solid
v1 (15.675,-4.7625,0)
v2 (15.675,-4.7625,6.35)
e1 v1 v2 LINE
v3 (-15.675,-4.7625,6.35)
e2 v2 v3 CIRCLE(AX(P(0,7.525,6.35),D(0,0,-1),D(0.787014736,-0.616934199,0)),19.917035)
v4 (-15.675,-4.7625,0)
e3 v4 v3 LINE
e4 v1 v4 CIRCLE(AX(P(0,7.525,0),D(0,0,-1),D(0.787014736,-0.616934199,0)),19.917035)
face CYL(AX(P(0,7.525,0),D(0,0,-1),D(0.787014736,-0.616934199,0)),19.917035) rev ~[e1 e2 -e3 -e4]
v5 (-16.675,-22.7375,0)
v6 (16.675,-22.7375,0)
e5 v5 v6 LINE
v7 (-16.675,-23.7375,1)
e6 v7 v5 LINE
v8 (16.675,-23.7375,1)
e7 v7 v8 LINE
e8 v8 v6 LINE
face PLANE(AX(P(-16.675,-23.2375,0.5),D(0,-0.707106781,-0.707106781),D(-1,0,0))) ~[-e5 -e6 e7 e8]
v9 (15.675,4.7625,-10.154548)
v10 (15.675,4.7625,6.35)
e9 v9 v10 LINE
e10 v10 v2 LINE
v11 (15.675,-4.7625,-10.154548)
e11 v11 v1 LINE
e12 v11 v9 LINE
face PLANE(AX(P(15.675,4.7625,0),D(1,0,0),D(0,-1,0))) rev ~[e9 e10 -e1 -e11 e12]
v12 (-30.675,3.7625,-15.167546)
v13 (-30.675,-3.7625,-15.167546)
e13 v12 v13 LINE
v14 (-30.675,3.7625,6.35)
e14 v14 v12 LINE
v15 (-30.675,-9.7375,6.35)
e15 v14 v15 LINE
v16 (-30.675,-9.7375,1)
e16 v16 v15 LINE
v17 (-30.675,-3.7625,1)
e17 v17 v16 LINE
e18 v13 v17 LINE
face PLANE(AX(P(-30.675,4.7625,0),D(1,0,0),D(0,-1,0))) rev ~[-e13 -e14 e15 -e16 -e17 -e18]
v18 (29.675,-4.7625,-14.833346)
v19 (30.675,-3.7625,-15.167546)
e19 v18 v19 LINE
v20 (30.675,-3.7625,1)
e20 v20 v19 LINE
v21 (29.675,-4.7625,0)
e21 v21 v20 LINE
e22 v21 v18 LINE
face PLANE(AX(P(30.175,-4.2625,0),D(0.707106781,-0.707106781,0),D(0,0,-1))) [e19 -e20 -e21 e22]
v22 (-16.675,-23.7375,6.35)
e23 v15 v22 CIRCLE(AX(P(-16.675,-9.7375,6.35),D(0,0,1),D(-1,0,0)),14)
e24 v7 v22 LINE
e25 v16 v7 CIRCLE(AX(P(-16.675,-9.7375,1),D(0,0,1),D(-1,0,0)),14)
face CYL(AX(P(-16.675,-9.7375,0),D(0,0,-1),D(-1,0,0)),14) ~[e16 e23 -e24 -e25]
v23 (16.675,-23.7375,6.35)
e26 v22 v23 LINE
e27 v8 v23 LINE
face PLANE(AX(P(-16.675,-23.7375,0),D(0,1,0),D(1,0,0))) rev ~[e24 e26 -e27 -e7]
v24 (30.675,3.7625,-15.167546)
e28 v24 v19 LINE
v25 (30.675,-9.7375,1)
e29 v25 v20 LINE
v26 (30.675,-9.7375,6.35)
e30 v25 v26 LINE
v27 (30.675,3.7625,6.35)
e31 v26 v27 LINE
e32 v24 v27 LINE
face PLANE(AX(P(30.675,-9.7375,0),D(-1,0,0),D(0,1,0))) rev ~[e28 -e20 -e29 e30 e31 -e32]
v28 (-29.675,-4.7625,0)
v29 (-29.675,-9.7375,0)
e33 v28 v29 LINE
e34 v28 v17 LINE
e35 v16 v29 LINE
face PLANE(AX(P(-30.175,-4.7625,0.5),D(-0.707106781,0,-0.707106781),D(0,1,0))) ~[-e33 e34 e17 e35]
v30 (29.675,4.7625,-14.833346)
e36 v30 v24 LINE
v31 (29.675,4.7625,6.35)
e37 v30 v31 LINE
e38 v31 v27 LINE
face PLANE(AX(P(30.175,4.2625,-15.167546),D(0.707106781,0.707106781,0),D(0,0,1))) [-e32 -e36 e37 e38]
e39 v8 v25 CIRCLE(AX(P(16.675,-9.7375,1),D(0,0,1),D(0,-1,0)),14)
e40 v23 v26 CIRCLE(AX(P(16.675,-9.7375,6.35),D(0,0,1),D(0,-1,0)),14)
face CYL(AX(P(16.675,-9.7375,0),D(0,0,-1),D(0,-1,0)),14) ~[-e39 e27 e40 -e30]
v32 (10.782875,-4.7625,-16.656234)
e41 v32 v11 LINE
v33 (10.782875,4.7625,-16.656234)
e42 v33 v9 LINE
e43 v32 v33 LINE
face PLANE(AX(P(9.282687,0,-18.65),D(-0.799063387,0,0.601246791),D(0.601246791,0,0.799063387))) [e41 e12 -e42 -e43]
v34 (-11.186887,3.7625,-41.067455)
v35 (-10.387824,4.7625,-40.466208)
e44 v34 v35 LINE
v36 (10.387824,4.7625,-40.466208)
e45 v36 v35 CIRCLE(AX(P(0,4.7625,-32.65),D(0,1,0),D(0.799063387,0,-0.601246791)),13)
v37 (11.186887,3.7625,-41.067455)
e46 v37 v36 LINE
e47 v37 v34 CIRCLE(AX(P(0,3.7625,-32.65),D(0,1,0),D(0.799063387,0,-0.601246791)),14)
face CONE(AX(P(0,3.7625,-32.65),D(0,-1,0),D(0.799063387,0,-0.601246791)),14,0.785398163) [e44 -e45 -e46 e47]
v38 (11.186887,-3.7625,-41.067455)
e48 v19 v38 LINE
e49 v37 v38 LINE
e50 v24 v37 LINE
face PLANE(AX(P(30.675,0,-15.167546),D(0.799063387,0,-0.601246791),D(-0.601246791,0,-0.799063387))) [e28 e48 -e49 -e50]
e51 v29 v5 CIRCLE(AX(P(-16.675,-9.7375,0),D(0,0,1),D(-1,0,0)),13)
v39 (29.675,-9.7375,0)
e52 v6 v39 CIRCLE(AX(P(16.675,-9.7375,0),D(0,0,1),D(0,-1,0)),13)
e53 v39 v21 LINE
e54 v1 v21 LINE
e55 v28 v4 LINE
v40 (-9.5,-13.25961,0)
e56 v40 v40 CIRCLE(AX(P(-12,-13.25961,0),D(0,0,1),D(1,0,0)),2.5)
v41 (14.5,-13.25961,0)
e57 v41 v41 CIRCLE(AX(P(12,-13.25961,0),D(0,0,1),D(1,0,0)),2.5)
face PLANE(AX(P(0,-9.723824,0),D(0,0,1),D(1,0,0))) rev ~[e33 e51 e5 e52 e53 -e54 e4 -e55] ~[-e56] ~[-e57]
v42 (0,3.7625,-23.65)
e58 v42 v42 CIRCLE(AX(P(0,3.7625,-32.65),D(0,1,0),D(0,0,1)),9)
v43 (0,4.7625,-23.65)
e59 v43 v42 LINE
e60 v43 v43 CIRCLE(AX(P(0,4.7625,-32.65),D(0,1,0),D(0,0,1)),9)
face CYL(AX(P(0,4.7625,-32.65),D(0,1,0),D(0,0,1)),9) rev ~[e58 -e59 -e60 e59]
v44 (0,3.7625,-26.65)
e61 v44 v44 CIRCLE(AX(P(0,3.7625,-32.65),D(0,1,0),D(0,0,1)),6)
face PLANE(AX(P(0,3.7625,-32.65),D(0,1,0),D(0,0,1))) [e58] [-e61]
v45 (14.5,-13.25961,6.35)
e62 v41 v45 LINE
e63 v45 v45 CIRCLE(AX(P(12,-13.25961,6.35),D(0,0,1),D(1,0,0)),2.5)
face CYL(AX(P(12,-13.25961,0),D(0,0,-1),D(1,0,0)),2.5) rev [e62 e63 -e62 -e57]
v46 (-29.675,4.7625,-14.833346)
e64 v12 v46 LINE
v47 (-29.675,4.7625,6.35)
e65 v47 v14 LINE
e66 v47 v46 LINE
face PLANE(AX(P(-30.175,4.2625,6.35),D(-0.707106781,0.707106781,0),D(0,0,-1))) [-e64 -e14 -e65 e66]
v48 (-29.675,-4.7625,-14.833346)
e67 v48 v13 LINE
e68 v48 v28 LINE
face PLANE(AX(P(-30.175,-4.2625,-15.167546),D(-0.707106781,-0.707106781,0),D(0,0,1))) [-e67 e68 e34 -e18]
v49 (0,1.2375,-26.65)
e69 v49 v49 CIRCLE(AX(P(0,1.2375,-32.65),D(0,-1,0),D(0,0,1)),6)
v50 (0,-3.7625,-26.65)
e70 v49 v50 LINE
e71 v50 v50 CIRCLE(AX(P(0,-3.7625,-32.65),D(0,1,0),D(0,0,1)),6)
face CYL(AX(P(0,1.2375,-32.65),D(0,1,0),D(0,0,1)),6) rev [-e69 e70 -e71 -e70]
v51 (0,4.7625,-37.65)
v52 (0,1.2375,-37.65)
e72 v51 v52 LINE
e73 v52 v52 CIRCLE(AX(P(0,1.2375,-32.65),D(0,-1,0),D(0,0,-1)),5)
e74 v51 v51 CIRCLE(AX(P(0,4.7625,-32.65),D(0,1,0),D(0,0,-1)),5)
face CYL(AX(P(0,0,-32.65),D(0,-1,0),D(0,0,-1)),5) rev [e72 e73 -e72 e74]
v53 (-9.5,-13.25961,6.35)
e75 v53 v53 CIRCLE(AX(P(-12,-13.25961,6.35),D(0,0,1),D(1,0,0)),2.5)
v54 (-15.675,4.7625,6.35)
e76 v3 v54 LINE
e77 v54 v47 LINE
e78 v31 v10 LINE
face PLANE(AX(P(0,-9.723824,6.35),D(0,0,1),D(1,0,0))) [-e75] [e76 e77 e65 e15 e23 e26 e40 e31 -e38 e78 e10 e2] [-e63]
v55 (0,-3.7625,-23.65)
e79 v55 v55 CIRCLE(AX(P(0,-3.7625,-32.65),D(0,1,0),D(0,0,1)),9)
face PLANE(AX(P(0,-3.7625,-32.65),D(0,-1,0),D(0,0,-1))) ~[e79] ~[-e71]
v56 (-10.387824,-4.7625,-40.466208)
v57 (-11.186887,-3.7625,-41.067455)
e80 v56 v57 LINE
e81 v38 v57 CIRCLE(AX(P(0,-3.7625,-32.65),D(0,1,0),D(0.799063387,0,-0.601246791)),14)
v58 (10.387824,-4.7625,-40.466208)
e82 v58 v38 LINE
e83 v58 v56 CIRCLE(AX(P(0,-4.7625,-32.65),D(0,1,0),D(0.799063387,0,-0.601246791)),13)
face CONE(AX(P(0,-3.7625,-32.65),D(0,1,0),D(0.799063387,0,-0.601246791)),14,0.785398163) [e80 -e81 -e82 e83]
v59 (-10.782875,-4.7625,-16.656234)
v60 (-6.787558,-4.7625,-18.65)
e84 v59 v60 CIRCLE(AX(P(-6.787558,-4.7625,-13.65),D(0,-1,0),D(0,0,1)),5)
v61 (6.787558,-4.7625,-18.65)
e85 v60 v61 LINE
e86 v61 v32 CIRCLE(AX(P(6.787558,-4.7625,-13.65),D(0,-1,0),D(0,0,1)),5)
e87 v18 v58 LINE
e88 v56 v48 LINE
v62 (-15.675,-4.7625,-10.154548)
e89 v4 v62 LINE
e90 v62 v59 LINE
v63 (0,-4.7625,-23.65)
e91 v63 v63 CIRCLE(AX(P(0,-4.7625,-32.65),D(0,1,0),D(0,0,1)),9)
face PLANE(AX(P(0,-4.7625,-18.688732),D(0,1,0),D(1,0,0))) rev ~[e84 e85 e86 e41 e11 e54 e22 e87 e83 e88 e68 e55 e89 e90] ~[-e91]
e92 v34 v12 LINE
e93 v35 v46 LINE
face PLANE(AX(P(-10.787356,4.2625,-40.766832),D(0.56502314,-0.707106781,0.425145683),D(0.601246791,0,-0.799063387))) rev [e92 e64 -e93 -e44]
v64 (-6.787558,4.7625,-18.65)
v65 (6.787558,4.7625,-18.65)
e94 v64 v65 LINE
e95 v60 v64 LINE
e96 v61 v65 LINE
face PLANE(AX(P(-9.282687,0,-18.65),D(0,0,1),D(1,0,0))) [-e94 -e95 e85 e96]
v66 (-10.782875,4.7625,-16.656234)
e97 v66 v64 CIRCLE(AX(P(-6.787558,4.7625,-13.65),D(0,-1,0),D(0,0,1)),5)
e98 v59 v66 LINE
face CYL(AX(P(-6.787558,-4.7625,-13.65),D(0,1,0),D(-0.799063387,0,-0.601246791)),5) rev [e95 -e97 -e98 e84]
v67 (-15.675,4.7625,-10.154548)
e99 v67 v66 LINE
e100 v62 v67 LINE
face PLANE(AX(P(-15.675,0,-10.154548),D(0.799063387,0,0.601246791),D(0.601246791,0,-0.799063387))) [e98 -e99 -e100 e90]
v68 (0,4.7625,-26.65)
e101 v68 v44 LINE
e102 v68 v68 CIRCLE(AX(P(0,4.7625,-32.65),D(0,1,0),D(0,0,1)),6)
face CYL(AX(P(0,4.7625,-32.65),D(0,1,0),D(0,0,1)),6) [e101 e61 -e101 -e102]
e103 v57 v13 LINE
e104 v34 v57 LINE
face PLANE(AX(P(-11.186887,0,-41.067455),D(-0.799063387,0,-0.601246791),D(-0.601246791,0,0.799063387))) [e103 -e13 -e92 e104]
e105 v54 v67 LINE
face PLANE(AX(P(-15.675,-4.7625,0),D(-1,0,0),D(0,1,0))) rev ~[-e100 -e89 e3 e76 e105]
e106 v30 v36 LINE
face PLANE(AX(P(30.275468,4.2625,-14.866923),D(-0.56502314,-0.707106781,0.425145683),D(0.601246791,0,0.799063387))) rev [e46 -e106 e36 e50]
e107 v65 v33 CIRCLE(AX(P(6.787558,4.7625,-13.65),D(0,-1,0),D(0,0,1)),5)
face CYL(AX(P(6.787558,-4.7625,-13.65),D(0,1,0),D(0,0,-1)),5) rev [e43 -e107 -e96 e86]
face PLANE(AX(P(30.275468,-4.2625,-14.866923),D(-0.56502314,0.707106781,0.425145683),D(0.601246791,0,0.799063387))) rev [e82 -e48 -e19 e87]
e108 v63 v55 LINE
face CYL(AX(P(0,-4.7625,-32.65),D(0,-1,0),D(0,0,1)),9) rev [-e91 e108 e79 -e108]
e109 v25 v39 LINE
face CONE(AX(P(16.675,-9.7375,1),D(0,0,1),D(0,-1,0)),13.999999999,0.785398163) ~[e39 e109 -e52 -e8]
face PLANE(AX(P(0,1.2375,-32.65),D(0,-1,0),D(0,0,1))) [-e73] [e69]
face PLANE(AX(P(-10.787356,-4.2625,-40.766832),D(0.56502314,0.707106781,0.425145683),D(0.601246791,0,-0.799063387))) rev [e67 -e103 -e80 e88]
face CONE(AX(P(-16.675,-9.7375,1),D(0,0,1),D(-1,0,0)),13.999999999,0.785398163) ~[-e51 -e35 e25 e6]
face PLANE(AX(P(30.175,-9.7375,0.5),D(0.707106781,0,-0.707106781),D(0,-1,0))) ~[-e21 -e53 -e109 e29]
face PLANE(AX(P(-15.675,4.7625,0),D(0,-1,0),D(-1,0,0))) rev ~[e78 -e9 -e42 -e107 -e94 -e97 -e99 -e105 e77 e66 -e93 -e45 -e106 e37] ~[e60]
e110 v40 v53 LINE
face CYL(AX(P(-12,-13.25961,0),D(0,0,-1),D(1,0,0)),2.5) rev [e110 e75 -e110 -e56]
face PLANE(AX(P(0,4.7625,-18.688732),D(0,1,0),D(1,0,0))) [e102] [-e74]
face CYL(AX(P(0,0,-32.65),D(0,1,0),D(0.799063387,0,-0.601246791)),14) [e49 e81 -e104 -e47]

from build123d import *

# Parameters (mm, degrees)
SKETCH1_R           = 5
BOSS_EXTRUDE1_DEPTH = 4.7625
SKETCH2_R           = 9
SKETCH2_R_2         = 6
CUT_EXTRUDE1_DEPTH  = 1
FILLET1_R           = 5
CUT_EXTRUDE2_START  = -6
SKETCH3_R           = 6
CUT_EXTRUDE2_DEPTH  = 6
SKETCH4_R           = 2.5
BOSS_EXTRUDE2_DEPTH = 6.35
CHAMFER3_SIZE       = 1


with BuildPart() as part:
    # Sketch1 → Boss-Extrude1 (new, symmetric)
    with BuildSketch(Plane(origin=(0, 0, 0), x_dir=(1, 0, 0), z_dir=(0, 1, 0))):
        with BuildLine():
            Line((-30.675, 0), (-15.675, 0))
            Line((-15.675, 0), (-15.675, 10.154547549))
            Line((-15.675, 10.154547549), (-9.282686693, 18.65))
            Line((-9.282686693, 18.65), (9.282686693, 18.65))
            Line((9.282686693, 18.65), (15.675, 10.154547549))
            Line((15.675, 10.154547549), (15.675, 0))
            Line((15.675, 0), (30.675, 0))
            Line((30.675, 0), (30.675, 15.167545938))
            Line((30.675, 15.167545938), (11.186887419, 41.067455071))
            ThreePointArc((11.186887419, 41.067455071), (0, 46.65), (-11.186887419, 41.067455071))
            Line((-11.186887419, 41.067455071), (-30.675, 15.167545938))
            Line((-30.675, 15.167545938), (-30.675, 0))
        make_face()
        with Locations(Location((0, 32.65, 0), (0, 0, 90))):
            Circle(SKETCH1_R, mode=Mode.SUBTRACT)
    extrude(amount=BOSS_EXTRUDE1_DEPTH, both=True)

    # Sketch2 → Cut-Extrude1 (cut)
    with BuildSketch(Plane(origin=(0, 4.7625, 0), x_dir=(1, 0, 0), z_dir=(0, 1, 0))):
        with Locations(Location((0, 32.65, 0), (0, 0, 270))):
            Circle(SKETCH2_R)
        with Locations(Location((0, 32.65, 0), (0, 0, 270))):
            Circle(SKETCH2_R_2, mode=Mode.SUBTRACT)
    cut_extrude1 = extrude(amount=-CUT_EXTRUDE1_DEPTH, mode=Mode.SUBTRACT)

    # Fillet1
    fillet1_edges = [part.edges().sort_by_distance(p)[0] for p in [
        (9.282686693, 0, -18.65),
        (-9.282686693, 0, -18.65),
    ]]
    fillet(fillet1_edges, radius=FILLET1_R)

    # Sketch3 → Cut-Extrude2 (cut)
    with BuildSketch(Plane.XZ.offset(4.7625).offset(CUT_EXTRUDE2_START)):
        with Locations(Location((0, -32.65, 0), (0, 0, 90))):
            Circle(SKETCH3_R)
    extrude(amount=CUT_EXTRUDE2_DEPTH, mode=Mode.SUBTRACT)

    # Mirror2: Cut-Extrude1 across plane
    add(cut_extrude1.mirror(Plane.ZX), mode=Mode.SUBTRACT)

    # Sketch4 → Boss-Extrude2 (add)
    with BuildSketch(Plane.XY):
        with BuildLine():
            Line((-16.675, -23.7375), (16.675, -23.7375))
            ThreePointArc((16.675, -23.7375), (26.574494937, -19.636994937), (30.675, -9.7375))
            Line((30.675, -9.7375), (30.675, 4.7625))
            Line((30.675, 4.7625), (15.675, 4.7625))
            Line((15.675, 4.7625), (15.675, -4.7625))
            ThreePointArc((15.675, -4.7625), (0, -12.392034951), (-15.675, -4.7625))
            Line((-15.675, -4.7625), (-15.675, 4.7625))
            Line((-15.675, 4.7625), (-30.675, 4.7625))
            Line((-30.675, 4.7625), (-30.675, -9.7375))
            ThreePointArc((-30.675, -9.7375), (-26.574494937, -19.636994937), (-16.675, -23.7375))
        make_face()
        with Locations((-12, -13.259609691)):
            Circle(SKETCH4_R, mode=Mode.SUBTRACT)
        with Locations((12, -13.259609691)):
            Circle(SKETCH4_R, mode=Mode.SUBTRACT)
    extrude(amount=BOSS_EXTRUDE2_DEPTH)

    # Chamfer3
    chamfer3_edges = [part.edges().sort_by_distance(p)[0] for p in [
        (-20.93094371, -4.7625, -28.117500504),
        (0, -4.7625, -46.65),
        (20.93094371, -4.7625, -28.117500504),
        (30.675, -4.7625, -7.583772969),
        (-30.675, -4.7625, -7.583772969),
        (30.675, 4.7625, -4.408772969),
        (20.93094371, 4.7625, -28.117500504),
        (0, 4.7625, -46.65),
        (-20.93094371, 4.7625, -28.117500504),
        (-30.675, 4.7625, -4.408772969),
        (-30.675, -7.25, 0),
        (-26.574494937, -19.636994937, 0),
        (0, -23.7375, 0),
        (26.574494937, -19.636994937, 0),
        (30.675, -7.25, 0),
    ]]
    chamfer(chamfer3_edges, length=CHAMFER3_SIZE)


solid = part.part
